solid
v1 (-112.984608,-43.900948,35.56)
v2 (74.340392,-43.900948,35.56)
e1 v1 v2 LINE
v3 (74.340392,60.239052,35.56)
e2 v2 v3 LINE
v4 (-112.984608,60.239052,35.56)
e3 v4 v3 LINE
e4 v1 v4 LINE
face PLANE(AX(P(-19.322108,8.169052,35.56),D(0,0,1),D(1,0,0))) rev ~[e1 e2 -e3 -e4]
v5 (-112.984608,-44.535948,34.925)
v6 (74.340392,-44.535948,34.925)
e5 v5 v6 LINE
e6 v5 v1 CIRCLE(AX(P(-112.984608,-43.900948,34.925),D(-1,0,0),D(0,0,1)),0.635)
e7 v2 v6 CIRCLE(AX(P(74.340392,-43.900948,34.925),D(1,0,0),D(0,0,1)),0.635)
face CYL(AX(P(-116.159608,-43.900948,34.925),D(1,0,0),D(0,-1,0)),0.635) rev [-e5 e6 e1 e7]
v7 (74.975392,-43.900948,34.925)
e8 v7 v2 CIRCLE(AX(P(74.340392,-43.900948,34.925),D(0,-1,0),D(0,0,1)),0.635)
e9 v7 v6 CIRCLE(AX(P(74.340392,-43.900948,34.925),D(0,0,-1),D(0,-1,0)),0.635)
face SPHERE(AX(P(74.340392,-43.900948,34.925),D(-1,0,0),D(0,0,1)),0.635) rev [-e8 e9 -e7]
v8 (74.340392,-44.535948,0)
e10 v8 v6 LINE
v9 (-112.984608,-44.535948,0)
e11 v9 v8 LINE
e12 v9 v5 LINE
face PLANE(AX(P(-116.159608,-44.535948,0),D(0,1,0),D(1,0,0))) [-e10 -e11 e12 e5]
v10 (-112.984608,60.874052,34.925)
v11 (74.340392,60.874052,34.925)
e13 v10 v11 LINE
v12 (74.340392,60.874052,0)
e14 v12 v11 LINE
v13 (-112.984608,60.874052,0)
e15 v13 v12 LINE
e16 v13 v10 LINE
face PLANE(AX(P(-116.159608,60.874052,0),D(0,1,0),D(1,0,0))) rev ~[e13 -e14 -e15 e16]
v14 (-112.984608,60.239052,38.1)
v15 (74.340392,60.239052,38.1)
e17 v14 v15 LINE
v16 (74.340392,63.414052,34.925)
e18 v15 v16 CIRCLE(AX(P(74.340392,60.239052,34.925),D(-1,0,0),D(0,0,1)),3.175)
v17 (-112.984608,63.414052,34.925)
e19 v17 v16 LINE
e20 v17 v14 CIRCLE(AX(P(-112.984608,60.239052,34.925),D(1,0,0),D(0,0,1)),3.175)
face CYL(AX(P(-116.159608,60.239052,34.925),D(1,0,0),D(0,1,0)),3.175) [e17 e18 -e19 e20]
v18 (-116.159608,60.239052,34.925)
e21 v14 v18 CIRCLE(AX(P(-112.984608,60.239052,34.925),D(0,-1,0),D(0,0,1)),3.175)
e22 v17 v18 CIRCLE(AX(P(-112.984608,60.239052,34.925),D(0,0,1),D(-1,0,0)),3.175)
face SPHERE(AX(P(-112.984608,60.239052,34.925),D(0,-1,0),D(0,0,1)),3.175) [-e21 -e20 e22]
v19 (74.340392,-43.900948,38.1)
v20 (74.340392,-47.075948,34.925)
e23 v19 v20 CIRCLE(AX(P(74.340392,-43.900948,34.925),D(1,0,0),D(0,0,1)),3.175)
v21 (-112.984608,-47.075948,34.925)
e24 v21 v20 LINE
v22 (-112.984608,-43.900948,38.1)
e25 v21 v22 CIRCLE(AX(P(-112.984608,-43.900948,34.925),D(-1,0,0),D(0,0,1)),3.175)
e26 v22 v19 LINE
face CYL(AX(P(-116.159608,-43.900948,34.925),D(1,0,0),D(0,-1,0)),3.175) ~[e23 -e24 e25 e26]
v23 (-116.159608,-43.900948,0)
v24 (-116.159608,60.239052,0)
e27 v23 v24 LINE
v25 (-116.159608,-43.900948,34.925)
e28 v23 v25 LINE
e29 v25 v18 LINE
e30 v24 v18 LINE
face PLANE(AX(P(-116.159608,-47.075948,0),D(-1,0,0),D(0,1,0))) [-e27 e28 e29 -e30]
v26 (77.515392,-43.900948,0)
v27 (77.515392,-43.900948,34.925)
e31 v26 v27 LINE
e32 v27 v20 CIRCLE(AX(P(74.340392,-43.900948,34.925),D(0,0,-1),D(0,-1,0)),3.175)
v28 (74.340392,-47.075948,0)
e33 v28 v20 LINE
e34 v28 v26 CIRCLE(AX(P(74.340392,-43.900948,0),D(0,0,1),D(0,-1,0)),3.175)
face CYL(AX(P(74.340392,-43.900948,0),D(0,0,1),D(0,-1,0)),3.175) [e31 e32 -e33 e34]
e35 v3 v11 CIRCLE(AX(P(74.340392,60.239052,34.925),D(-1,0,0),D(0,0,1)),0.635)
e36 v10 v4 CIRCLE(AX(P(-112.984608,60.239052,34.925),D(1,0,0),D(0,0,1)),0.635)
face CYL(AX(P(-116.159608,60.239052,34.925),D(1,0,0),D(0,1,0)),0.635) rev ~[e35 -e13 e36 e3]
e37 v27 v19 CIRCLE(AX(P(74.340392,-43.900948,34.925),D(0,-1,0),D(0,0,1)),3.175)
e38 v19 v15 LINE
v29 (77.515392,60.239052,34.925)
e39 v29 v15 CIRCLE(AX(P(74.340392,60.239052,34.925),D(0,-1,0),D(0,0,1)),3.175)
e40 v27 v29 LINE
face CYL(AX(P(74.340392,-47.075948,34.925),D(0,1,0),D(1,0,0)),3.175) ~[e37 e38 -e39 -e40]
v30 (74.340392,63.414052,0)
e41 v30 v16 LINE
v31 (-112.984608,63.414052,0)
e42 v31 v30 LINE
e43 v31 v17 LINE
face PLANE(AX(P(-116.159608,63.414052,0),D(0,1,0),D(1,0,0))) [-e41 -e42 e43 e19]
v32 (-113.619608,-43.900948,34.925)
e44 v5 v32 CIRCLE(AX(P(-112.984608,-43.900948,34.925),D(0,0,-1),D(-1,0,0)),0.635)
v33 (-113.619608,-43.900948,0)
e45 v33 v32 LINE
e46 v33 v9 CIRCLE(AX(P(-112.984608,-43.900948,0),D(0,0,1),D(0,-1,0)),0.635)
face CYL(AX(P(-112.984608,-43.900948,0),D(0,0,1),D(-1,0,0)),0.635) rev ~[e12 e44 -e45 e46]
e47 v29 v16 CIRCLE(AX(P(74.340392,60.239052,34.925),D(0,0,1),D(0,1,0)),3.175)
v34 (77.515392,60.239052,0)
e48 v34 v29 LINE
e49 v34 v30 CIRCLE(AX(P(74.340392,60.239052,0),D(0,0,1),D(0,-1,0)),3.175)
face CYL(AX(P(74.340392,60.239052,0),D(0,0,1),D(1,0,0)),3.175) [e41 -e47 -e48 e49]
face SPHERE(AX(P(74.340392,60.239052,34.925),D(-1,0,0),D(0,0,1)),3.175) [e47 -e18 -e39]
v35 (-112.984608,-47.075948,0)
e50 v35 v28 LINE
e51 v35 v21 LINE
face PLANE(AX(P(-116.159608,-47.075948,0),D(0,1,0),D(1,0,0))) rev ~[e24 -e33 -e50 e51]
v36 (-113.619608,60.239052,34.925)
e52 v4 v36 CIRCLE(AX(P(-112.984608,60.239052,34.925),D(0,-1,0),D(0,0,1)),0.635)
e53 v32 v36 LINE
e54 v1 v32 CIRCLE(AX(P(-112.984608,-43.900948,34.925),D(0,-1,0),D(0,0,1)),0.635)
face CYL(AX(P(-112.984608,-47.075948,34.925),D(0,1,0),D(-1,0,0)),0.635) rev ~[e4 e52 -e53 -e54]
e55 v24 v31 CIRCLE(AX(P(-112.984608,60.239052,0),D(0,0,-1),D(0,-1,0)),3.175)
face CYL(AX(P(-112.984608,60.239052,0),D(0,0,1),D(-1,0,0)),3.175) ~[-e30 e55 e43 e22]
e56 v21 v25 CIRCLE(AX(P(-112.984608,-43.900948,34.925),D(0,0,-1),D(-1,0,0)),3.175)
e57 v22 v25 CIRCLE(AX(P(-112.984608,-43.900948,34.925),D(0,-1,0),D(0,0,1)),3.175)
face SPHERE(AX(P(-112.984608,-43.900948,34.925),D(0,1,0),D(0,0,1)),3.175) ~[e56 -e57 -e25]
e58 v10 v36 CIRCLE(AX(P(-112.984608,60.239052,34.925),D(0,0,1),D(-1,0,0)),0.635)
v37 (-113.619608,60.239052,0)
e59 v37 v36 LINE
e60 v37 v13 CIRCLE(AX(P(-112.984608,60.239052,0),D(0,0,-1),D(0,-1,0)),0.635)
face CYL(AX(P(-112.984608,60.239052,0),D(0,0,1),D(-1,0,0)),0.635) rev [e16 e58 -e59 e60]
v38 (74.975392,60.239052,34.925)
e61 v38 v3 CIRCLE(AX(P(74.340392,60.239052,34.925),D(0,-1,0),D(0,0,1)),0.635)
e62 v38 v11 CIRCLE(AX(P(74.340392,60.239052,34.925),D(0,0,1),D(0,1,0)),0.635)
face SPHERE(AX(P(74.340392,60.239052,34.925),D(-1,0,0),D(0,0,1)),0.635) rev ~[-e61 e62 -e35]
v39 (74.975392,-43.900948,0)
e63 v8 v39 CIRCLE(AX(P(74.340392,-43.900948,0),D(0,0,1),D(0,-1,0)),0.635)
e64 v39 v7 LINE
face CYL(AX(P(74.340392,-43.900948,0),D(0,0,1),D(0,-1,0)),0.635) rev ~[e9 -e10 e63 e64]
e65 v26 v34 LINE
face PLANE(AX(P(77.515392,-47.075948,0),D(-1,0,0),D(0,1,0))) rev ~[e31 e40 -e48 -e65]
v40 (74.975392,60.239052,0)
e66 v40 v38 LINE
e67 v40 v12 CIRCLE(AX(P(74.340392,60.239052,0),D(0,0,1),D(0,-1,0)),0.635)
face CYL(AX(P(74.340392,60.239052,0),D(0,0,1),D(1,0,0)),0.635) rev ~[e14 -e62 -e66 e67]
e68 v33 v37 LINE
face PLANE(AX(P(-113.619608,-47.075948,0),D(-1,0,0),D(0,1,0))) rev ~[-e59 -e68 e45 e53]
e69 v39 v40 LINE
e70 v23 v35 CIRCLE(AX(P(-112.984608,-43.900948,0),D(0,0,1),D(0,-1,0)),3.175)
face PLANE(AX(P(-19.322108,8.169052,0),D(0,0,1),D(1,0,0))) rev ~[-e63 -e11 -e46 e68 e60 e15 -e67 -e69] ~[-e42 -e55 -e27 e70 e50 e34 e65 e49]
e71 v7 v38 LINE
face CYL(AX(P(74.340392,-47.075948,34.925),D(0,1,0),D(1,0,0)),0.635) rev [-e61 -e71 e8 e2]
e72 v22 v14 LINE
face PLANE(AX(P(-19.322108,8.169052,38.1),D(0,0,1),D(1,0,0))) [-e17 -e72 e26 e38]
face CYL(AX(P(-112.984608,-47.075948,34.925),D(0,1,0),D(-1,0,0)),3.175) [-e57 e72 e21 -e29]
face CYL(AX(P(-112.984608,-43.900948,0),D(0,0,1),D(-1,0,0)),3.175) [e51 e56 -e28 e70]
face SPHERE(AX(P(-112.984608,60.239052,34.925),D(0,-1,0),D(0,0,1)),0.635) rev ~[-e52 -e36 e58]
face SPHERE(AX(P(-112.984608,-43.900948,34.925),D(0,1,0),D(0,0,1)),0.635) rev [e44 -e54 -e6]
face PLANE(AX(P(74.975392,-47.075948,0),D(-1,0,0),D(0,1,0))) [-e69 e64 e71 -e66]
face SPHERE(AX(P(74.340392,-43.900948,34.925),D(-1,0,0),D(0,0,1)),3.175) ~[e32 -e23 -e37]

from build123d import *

# Parameters (mm, degrees)
F0_W     = 193.675
F0_H     = 110.49
F1_DEPTH = 38.1
F2_R     = 3.175
F3_T     = -2.54


with BuildPart() as f1:
    # F0 (on Top) → F1 (new body)
    with BuildSketch(Plane.XY):
        with Locations((-19.322108, 8.169052)):
            Rectangle(F0_W, F0_H)
    extrude(amount=F1_DEPTH)

    # F2
    f2_edges = [f1.edges().sort_by_distance(p)[0] for p in [
        (-116.159608, 8.169052, 38.1),
        (-19.322108, 63.414052, 38.1),
        (-19.322108, -47.075948, 38.1),
        (77.515392, 8.169052, 38.1),
        (77.515392, 63.414052, 19.05),
        (77.515392, -47.075948, 19.05),
        (-116.159608, -47.075948, 19.05),
        (-116.159608, 63.414052, 19.05),
    ]]
    fillet(f2_edges, radius=F2_R)

    # F3
    f3_openings = [f1.faces().sort_by_distance(p)[0] for p in [
        (-19.322108, 8.169052, 0),
    ]]
    offset(amount=F3_T, openings=f3_openings)


solid = f1.part
